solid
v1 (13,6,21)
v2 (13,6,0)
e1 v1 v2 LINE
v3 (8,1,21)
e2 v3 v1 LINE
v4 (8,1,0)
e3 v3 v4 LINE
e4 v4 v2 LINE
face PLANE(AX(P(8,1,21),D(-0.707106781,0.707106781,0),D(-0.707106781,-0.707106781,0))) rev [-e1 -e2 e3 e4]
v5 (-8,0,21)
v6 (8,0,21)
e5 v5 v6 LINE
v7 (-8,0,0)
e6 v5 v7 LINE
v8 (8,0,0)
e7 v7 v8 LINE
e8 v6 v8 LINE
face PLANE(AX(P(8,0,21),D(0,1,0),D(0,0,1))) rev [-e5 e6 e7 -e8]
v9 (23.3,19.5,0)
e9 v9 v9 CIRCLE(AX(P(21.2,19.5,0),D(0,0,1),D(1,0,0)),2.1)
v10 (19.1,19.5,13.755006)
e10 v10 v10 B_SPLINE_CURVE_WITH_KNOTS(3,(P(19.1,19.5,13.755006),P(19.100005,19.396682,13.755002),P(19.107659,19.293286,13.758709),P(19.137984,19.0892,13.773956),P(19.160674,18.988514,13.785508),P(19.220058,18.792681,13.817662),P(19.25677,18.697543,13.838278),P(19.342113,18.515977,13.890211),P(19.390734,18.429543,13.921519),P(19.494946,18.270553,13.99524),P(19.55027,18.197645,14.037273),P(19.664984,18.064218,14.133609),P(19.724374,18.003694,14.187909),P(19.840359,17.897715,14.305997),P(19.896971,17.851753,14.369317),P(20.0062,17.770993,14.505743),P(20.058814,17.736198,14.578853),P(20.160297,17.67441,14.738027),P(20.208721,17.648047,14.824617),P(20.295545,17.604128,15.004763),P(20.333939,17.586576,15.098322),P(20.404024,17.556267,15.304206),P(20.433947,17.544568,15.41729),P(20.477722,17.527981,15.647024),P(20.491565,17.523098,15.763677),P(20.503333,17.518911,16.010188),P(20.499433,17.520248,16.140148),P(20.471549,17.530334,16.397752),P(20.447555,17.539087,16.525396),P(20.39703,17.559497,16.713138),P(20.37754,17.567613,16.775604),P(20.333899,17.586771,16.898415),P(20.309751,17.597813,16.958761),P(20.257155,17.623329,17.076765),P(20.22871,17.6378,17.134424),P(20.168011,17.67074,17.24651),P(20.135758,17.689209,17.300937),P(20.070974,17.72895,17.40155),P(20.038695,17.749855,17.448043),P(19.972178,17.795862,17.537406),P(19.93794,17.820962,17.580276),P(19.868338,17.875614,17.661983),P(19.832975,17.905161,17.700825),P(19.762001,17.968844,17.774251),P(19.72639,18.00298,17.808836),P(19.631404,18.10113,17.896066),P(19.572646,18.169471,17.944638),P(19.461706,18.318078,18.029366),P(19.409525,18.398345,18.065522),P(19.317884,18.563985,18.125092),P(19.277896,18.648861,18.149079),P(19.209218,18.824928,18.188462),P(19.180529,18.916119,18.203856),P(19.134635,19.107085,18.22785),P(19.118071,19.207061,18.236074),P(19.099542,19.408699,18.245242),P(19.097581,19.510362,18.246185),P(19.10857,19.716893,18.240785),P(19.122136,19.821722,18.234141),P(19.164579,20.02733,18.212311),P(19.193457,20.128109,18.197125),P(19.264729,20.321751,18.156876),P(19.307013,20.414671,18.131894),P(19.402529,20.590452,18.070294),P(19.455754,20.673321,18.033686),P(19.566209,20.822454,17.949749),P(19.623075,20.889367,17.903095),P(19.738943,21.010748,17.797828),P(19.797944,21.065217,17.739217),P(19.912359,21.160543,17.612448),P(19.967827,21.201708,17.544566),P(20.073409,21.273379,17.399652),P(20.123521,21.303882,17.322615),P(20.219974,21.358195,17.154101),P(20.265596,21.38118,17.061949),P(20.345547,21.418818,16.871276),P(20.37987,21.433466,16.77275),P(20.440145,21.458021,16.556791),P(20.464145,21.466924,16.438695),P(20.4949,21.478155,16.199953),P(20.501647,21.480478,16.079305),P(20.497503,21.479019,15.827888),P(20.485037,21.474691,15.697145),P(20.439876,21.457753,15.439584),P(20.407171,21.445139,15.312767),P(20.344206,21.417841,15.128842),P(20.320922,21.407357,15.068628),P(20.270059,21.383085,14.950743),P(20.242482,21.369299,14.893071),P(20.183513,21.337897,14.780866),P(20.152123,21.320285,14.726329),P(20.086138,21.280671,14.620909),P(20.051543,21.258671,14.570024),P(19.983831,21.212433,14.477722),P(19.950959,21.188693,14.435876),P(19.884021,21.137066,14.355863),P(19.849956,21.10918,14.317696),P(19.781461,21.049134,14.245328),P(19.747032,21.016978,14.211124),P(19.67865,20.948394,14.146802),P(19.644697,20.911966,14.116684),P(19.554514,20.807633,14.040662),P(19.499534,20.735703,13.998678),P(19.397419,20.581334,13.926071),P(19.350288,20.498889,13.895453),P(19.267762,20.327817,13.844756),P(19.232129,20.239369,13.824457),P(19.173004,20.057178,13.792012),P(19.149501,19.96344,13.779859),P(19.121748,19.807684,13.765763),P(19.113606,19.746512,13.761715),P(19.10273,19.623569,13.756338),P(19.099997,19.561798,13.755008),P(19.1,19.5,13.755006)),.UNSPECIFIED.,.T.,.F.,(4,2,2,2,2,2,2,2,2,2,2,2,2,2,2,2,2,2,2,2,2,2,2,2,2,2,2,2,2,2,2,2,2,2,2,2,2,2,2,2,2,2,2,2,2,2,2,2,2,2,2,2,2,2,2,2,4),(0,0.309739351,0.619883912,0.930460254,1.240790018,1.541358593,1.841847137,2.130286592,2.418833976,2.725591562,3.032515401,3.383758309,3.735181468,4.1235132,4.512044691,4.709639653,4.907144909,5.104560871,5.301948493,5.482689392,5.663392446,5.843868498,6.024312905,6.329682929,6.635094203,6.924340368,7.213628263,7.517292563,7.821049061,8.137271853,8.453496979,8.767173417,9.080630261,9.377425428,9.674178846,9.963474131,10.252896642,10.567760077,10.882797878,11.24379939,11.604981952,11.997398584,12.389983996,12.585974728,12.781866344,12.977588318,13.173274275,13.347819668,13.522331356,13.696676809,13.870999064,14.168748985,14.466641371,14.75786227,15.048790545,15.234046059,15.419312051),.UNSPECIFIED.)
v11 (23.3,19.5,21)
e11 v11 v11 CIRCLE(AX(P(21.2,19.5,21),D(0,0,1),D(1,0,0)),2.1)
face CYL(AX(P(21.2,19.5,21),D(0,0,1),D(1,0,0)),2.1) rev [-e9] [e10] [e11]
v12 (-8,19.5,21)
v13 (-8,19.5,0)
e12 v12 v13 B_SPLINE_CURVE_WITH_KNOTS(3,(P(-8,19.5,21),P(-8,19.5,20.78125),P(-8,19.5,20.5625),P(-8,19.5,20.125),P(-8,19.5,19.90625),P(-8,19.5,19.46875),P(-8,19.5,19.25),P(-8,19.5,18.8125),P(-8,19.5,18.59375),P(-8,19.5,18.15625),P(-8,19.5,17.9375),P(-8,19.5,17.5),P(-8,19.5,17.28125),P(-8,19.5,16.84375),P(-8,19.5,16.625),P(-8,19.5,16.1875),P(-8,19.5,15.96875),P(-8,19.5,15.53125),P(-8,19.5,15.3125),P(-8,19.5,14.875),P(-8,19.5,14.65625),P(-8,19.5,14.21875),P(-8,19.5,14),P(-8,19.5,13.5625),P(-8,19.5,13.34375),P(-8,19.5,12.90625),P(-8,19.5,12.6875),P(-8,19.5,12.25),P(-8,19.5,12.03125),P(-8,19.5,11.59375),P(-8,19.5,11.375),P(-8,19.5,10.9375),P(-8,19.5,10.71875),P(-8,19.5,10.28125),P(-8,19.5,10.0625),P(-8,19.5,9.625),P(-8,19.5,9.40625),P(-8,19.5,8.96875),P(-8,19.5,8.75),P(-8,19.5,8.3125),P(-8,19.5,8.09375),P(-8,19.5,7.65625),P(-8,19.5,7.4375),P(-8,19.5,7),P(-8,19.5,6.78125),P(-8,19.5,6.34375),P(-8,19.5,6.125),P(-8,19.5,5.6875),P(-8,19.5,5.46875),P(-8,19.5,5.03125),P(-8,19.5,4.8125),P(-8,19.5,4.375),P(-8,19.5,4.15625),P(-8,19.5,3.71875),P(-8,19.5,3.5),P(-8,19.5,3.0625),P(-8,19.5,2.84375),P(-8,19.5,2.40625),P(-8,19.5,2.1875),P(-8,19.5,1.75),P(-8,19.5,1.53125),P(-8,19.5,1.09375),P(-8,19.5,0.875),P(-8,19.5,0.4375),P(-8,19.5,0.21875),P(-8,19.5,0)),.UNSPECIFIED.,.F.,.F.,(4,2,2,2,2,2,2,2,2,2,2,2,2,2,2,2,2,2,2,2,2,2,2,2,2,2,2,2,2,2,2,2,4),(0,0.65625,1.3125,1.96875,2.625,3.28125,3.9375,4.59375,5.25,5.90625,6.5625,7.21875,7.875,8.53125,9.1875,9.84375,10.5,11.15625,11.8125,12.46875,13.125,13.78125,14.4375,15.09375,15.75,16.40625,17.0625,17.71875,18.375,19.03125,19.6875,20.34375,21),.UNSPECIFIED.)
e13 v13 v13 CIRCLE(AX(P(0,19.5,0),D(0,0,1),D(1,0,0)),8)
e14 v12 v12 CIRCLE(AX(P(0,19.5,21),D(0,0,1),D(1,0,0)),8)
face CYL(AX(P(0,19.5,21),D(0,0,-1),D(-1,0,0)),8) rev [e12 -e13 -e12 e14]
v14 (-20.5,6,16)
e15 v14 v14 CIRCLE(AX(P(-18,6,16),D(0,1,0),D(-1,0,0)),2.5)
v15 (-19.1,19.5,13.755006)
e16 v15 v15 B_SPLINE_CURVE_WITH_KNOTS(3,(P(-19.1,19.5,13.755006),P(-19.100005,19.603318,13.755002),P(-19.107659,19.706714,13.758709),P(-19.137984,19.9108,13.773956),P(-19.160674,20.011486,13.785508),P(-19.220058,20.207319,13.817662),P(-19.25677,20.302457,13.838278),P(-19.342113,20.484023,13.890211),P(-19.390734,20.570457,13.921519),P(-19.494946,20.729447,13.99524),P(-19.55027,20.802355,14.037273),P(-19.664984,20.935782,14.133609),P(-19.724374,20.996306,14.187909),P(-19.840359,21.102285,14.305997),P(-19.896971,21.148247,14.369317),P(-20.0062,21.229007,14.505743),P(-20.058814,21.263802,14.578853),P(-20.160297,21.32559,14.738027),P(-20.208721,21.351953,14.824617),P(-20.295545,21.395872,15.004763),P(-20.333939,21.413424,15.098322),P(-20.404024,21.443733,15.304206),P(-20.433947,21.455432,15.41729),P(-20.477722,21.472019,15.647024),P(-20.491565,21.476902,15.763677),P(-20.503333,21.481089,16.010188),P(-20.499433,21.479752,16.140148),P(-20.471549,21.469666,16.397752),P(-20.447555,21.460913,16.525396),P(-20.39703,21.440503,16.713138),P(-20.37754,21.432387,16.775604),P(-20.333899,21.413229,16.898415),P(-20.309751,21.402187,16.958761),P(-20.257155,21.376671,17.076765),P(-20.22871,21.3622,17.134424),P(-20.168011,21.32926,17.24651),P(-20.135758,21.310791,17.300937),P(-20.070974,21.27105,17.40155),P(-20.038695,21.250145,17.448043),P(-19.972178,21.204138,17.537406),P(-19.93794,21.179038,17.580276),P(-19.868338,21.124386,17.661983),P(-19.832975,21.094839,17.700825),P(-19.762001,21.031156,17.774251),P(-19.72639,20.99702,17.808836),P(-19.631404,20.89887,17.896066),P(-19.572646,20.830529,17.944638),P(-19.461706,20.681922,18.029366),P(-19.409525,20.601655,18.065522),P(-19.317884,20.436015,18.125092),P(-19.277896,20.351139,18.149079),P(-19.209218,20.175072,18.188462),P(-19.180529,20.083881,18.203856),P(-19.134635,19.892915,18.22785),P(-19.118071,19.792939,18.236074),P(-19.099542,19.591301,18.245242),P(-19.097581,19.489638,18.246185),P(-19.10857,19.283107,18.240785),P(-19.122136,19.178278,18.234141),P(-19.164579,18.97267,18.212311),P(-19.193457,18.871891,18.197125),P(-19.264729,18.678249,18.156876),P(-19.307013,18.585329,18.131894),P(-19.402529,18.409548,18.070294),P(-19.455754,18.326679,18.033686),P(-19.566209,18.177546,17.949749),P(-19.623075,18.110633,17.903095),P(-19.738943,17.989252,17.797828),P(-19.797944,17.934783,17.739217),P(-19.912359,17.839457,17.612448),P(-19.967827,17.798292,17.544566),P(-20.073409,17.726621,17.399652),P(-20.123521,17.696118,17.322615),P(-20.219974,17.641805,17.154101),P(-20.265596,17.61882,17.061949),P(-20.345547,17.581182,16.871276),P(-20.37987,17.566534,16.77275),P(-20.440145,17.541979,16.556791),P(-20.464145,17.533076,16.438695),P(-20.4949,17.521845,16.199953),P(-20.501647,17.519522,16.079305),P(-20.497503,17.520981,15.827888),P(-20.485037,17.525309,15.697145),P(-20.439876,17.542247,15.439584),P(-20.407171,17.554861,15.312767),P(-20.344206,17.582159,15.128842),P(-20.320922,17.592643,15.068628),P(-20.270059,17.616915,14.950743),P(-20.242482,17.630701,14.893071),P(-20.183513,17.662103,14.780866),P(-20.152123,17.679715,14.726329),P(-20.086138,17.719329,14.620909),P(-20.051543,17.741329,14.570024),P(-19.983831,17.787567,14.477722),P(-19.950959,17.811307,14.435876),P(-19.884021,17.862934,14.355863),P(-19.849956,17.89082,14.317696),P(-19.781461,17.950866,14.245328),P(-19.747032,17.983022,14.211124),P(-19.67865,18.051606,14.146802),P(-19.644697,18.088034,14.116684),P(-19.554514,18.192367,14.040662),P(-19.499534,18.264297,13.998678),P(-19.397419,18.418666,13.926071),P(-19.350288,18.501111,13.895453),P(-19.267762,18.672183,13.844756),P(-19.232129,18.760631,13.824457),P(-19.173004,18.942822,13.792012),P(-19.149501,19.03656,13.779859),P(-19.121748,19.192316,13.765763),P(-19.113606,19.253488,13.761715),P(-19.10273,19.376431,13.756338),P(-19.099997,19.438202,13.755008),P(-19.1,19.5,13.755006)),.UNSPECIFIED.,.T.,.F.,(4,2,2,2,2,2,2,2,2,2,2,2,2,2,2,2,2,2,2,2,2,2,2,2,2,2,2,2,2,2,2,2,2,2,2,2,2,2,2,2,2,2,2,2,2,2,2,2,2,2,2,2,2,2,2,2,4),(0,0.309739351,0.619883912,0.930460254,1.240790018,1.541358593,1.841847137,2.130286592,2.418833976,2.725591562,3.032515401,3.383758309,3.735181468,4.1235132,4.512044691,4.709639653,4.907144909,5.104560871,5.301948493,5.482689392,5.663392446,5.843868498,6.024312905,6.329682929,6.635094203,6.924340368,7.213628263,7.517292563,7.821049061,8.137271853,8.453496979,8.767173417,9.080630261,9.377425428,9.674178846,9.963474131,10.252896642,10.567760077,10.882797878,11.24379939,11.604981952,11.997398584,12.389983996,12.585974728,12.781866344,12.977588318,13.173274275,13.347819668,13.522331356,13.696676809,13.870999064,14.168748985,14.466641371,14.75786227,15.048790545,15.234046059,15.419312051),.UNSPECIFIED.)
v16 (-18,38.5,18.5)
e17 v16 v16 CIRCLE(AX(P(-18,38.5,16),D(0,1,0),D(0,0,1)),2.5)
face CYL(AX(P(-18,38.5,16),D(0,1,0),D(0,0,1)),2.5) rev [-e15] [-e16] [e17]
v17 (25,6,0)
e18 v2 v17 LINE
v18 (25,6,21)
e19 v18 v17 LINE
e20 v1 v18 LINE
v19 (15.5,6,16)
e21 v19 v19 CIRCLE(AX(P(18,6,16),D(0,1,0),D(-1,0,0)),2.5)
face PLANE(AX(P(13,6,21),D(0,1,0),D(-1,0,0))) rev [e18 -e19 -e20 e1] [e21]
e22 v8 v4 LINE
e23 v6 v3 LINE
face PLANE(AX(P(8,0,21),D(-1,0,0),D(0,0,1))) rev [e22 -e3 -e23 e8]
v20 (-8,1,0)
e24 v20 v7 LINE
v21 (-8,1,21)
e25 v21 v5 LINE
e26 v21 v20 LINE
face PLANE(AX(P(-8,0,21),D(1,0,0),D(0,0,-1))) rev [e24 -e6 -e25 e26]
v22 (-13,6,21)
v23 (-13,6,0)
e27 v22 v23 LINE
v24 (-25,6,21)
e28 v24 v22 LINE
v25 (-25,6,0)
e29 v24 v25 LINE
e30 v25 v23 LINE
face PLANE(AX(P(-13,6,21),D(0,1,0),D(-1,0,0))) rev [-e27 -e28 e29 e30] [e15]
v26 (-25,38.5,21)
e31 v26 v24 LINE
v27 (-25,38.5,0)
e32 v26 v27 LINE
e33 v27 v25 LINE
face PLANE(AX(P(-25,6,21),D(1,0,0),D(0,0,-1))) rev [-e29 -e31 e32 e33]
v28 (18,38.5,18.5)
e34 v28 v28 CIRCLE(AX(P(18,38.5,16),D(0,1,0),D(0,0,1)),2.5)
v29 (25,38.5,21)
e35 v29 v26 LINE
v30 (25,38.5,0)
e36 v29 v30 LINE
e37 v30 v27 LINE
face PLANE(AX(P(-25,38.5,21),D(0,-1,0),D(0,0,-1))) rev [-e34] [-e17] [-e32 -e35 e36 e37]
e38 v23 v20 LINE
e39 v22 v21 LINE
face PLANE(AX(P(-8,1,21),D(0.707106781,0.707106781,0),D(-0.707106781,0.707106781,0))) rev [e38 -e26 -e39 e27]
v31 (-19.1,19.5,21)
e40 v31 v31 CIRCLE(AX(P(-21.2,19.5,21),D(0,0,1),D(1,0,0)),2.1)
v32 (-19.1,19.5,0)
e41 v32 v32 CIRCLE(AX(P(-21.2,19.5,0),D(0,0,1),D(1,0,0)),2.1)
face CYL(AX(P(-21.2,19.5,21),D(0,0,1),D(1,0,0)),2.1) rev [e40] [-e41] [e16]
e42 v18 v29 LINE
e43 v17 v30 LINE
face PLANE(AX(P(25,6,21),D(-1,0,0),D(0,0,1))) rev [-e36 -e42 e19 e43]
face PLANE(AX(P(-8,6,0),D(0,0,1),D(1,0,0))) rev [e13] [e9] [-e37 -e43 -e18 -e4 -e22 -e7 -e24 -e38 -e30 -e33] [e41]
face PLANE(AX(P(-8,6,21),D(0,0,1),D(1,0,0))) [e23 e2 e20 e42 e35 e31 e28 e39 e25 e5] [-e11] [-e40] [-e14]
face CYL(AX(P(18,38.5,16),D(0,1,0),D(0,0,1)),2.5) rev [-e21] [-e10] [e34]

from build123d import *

# Parameters (mm, degrees)
SKETCH_1_R            = 8
EXTRUDE_1_DEPTH       = 21
HOLE_WIZARD_M5_1_D    = 4.2
HOLE_WIZARD_5_0_5_1_D = 5


with BuildPart() as part:
    # 草图1 → 凸台-拉伸1 (new body)
    with BuildSketch(Plane.XY):
        Polygon((8, 0), (-8, 0), (-8, 1), (-13, 6), (-25, 6), (-25, 38.5), (25, 38.5), (25, 6), (13, 6), (8, 1), align=None)
        with Locations(Location((0, 19.5, 0), (0, 0, 180))):
            Circle(SKETCH_1_R, mode=Mode.SUBTRACT)
    extrude(amount=EXTRUDE_1_DEPTH)

    # M5 螺纹孔1 (through all)
    with Locations(Plane.XY.offset(21)):
        with Locations((-21.2, 19.5), (21.2, 19.5)):
            Hole(HOLE_WIZARD_M5_1_D / 2)

    # Ø5.0 (5) 直径孔1 (through all)
    with Locations(Plane(origin=(0, 38.5, 0), x_dir=(1, 0, 0), z_dir=(0, 1, 0))):
        with Locations((-18, -16), (18, -16)):
            Hole(HOLE_WIZARD_5_0_5_1_D / 2)


solid = part.part
